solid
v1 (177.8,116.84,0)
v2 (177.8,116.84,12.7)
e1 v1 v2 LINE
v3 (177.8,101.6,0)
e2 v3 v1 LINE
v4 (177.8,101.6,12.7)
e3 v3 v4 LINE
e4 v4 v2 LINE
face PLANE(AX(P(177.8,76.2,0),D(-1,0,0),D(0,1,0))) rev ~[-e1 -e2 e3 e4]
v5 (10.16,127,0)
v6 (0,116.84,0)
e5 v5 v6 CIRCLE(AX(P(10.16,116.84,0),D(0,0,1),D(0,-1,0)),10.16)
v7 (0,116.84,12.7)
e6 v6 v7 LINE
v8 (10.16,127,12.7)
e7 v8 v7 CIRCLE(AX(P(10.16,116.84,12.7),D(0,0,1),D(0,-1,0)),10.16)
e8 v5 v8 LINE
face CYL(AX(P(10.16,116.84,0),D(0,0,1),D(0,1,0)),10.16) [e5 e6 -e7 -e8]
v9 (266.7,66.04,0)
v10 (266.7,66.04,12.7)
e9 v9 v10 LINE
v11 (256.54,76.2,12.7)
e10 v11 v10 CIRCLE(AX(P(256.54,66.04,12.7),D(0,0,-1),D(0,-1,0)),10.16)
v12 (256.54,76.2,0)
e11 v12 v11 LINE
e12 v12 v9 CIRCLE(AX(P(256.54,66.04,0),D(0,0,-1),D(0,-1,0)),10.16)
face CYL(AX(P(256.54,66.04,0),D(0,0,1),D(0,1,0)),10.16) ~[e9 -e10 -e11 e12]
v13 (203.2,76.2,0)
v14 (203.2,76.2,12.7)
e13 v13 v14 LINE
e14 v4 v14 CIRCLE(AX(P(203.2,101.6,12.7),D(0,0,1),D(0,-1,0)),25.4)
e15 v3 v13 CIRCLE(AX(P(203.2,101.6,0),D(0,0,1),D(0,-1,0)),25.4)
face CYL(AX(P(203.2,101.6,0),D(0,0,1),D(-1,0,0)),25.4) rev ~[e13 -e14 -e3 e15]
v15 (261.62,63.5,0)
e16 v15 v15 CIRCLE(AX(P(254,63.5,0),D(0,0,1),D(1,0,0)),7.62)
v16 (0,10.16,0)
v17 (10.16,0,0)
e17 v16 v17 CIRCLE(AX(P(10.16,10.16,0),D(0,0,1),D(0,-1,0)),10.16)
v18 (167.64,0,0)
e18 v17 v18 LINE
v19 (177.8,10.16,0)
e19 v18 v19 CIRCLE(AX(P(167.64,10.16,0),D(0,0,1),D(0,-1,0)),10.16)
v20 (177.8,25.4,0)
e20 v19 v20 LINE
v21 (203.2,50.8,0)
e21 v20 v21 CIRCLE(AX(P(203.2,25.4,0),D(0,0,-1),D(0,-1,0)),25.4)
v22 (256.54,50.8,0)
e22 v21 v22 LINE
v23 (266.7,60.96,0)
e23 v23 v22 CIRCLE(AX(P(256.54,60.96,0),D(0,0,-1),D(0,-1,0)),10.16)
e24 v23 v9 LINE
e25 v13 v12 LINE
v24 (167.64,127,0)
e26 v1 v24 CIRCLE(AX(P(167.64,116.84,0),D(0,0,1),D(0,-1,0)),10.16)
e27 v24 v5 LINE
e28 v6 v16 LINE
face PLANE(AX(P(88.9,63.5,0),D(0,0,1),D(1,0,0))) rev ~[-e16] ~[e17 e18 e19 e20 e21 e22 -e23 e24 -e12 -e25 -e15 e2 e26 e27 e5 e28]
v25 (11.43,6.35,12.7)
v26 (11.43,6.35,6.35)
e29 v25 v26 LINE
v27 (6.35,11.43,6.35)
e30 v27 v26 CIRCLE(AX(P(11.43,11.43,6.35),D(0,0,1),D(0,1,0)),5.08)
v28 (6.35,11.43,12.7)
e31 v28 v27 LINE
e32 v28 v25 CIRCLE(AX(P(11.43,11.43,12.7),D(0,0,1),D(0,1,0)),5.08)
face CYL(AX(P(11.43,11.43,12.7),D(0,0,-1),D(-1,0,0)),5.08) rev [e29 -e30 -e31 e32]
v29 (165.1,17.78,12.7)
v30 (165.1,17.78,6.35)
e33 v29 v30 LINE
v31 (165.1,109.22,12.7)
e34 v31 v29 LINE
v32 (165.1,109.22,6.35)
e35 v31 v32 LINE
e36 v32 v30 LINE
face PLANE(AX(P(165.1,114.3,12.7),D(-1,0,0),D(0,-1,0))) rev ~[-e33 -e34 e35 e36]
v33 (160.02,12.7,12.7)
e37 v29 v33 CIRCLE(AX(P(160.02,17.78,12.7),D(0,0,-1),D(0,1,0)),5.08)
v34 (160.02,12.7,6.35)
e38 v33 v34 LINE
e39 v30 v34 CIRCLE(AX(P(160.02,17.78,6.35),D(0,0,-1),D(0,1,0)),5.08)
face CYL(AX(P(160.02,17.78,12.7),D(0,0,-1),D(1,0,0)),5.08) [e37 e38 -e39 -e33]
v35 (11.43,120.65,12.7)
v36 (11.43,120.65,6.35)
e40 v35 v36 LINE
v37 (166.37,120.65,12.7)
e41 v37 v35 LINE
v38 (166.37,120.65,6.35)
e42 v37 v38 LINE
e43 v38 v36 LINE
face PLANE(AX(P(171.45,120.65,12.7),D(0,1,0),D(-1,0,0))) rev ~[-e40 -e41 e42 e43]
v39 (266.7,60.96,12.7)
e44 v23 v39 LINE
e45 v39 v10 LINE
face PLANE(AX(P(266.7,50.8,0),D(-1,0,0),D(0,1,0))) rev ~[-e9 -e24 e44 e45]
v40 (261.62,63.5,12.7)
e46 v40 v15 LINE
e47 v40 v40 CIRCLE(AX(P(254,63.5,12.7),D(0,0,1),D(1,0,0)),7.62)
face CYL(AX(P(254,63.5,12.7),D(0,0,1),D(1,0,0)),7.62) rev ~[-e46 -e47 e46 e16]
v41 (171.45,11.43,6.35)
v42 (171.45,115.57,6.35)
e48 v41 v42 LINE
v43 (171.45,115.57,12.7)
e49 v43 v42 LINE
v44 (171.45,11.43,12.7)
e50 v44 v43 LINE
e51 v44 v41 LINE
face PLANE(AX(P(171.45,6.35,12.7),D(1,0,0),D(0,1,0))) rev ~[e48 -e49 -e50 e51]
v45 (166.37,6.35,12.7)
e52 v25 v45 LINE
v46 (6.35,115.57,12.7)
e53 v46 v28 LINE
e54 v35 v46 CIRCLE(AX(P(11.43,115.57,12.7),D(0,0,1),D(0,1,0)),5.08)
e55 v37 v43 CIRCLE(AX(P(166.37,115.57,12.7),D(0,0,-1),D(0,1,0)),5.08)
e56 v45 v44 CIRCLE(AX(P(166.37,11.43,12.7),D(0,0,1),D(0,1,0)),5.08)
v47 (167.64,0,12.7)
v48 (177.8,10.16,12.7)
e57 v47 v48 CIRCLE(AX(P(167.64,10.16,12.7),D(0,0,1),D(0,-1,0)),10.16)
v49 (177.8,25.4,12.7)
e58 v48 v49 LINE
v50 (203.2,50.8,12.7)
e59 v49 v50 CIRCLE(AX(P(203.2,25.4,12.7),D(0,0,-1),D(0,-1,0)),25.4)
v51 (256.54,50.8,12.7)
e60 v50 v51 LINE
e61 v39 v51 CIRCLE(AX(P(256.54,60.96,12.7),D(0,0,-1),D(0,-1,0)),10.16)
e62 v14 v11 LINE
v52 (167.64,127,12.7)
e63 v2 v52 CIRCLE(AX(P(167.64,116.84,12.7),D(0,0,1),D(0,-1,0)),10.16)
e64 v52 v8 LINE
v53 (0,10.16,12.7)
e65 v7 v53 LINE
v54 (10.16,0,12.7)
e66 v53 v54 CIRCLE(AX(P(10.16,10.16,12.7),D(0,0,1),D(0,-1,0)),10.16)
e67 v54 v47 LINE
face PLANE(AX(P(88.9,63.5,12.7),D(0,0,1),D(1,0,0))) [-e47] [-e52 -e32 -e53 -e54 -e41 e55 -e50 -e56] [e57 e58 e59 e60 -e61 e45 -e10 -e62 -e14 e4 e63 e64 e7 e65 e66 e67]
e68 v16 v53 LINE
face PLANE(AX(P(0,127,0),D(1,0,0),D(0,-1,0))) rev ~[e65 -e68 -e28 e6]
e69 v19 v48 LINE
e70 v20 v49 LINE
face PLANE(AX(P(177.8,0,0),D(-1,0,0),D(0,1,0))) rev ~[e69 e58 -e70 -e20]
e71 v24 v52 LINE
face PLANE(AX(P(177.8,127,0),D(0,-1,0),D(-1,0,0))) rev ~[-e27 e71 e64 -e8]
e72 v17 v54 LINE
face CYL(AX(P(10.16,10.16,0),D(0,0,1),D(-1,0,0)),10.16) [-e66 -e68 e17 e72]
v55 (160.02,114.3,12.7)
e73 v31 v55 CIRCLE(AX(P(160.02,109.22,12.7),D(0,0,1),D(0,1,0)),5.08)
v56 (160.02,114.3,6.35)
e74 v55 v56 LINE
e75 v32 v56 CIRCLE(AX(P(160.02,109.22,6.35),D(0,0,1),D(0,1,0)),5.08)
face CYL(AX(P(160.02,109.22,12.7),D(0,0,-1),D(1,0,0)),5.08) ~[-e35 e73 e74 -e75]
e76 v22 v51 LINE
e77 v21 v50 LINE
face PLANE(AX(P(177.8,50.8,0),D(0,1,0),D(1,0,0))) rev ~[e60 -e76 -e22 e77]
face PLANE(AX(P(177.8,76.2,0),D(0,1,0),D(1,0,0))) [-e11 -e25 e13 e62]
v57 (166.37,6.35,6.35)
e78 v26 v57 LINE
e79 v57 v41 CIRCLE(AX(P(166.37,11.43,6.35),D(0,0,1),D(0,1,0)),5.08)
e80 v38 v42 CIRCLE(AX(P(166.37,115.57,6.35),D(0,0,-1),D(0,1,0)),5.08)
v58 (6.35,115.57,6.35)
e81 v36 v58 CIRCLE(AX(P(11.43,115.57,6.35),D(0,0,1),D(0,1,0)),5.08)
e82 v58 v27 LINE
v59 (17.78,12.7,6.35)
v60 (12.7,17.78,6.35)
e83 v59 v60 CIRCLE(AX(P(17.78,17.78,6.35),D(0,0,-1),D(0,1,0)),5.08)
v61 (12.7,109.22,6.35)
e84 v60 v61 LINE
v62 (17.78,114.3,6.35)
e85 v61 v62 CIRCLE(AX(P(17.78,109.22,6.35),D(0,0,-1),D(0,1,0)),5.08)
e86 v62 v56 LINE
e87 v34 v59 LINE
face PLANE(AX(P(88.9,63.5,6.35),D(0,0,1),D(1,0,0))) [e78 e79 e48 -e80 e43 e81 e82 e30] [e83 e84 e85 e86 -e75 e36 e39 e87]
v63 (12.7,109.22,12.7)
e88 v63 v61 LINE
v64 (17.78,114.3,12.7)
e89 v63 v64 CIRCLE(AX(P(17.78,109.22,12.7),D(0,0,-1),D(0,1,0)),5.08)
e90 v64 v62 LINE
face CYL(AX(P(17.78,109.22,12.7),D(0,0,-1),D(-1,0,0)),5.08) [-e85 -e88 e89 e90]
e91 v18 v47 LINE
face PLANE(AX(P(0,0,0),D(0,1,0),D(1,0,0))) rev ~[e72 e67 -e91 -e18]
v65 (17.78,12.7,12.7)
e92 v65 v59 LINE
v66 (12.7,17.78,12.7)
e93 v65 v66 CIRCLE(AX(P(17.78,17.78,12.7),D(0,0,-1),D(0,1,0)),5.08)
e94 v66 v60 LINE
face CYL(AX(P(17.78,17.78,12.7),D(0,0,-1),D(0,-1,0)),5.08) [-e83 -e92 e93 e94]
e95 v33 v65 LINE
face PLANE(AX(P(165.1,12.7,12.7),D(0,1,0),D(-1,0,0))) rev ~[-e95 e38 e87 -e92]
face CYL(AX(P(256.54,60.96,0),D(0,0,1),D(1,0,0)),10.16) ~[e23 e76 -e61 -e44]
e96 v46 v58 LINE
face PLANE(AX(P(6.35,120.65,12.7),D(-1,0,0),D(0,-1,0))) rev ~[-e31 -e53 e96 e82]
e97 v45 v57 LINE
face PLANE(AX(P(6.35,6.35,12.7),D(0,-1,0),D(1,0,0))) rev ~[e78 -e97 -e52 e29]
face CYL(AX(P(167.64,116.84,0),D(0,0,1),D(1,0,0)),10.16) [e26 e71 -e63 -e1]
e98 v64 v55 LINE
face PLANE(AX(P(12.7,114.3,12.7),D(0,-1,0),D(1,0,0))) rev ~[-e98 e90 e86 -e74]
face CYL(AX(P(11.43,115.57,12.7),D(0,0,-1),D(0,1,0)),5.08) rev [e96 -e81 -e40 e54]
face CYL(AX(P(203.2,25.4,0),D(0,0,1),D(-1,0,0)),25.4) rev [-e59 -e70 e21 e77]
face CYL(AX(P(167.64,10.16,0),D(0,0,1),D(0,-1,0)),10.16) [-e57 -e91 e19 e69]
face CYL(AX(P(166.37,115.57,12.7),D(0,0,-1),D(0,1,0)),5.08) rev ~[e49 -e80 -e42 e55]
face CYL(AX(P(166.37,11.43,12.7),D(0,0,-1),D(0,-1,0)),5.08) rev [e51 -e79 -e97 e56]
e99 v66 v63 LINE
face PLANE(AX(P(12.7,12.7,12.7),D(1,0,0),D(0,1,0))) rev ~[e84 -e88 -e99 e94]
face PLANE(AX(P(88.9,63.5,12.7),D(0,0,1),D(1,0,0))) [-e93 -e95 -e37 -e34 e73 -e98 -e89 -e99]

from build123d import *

# Parameters (mm, degrees)
F0_W     = 88.9
F0_H     = 25.4
F1_DEPTH = 12.7
F2_R     = 7.62
F3_DEPTH = 48.26
F5_DEPTH = 6.35
F6_R     = 5.08
F7_R     = 25.4
F8_R     = 10.16


with BuildPart() as f1:
    # F0 (on Top) → F1 (new body)
    with BuildSketch(Plane.XY):
        Polygon((0, 127), (0, 0), (177.8, 0), (177.8, 50.8), (177.8, 76.2), (177.8, 127), align=None)
        with Locations((222.25, 63.5)):
            Rectangle(F0_W, F0_H)
    extrude(amount=F1_DEPTH)

    # F2 (on face) → F3 (cut)
    with BuildSketch(Plane.XY.offset(12.7)):
        with Locations((254, 63.5)):
            Circle(F2_R)
    extrude(amount=-F3_DEPTH, mode=Mode.SUBTRACT)

    # F4 (on face) → F5 (cut)
    with BuildSketch(Plane.XY.offset(12.7)):
        Polygon((171.45, 120.65), (6.35, 120.65), (6.35, 6.35), (171.45, 6.35), (171.45, 50.8), (171.45, 76.2), align=None)
        Polygon((165.1, 12.7), (12.7, 12.7), (12.7, 114.3), (165.1, 114.3), (165.1, 76.2), (165.1, 50.8), align=None, mode=Mode.SUBTRACT)
    extrude(amount=-F5_DEPTH, mode=Mode.SUBTRACT)

    # F6
    f6_edges = [f1.edges().sort_by_distance(p)[0] for p in [
        (6.35, 6.35, 9.525),
        (171.45, 6.35, 9.525),
        (171.45, 120.65, 9.525),
        (6.35, 120.65, 9.525),
        (165.1, 12.7, 9.525),
        (165.1, 114.3, 9.525),
        (12.7, 114.3, 9.525),
        (12.7, 12.7, 9.525),
    ]]
    fillet(f6_edges, radius=F6_R)

    # F7
    f7_edges = [f1.edges().sort_by_distance(p)[0] for p in [
        (177.8, 50.8, 6.35),
        (177.8, 76.2, 6.35),
    ]]
    fillet(f7_edges, radius=F7_R)

    # F8
    f8_edges = [f1.edges().sort_by_distance(p)[0] for p in [
        (266.7, 50.8, 6.35),
        (266.7, 76.2, 6.35),
        (177.8, 0, 6.35),
        (177.8, 127, 6.35),
        (0, 127, 6.35),
        (0, 0, 6.35),
    ]]
    fillet(f8_edges, radius=F8_R)


solid = f1.part
